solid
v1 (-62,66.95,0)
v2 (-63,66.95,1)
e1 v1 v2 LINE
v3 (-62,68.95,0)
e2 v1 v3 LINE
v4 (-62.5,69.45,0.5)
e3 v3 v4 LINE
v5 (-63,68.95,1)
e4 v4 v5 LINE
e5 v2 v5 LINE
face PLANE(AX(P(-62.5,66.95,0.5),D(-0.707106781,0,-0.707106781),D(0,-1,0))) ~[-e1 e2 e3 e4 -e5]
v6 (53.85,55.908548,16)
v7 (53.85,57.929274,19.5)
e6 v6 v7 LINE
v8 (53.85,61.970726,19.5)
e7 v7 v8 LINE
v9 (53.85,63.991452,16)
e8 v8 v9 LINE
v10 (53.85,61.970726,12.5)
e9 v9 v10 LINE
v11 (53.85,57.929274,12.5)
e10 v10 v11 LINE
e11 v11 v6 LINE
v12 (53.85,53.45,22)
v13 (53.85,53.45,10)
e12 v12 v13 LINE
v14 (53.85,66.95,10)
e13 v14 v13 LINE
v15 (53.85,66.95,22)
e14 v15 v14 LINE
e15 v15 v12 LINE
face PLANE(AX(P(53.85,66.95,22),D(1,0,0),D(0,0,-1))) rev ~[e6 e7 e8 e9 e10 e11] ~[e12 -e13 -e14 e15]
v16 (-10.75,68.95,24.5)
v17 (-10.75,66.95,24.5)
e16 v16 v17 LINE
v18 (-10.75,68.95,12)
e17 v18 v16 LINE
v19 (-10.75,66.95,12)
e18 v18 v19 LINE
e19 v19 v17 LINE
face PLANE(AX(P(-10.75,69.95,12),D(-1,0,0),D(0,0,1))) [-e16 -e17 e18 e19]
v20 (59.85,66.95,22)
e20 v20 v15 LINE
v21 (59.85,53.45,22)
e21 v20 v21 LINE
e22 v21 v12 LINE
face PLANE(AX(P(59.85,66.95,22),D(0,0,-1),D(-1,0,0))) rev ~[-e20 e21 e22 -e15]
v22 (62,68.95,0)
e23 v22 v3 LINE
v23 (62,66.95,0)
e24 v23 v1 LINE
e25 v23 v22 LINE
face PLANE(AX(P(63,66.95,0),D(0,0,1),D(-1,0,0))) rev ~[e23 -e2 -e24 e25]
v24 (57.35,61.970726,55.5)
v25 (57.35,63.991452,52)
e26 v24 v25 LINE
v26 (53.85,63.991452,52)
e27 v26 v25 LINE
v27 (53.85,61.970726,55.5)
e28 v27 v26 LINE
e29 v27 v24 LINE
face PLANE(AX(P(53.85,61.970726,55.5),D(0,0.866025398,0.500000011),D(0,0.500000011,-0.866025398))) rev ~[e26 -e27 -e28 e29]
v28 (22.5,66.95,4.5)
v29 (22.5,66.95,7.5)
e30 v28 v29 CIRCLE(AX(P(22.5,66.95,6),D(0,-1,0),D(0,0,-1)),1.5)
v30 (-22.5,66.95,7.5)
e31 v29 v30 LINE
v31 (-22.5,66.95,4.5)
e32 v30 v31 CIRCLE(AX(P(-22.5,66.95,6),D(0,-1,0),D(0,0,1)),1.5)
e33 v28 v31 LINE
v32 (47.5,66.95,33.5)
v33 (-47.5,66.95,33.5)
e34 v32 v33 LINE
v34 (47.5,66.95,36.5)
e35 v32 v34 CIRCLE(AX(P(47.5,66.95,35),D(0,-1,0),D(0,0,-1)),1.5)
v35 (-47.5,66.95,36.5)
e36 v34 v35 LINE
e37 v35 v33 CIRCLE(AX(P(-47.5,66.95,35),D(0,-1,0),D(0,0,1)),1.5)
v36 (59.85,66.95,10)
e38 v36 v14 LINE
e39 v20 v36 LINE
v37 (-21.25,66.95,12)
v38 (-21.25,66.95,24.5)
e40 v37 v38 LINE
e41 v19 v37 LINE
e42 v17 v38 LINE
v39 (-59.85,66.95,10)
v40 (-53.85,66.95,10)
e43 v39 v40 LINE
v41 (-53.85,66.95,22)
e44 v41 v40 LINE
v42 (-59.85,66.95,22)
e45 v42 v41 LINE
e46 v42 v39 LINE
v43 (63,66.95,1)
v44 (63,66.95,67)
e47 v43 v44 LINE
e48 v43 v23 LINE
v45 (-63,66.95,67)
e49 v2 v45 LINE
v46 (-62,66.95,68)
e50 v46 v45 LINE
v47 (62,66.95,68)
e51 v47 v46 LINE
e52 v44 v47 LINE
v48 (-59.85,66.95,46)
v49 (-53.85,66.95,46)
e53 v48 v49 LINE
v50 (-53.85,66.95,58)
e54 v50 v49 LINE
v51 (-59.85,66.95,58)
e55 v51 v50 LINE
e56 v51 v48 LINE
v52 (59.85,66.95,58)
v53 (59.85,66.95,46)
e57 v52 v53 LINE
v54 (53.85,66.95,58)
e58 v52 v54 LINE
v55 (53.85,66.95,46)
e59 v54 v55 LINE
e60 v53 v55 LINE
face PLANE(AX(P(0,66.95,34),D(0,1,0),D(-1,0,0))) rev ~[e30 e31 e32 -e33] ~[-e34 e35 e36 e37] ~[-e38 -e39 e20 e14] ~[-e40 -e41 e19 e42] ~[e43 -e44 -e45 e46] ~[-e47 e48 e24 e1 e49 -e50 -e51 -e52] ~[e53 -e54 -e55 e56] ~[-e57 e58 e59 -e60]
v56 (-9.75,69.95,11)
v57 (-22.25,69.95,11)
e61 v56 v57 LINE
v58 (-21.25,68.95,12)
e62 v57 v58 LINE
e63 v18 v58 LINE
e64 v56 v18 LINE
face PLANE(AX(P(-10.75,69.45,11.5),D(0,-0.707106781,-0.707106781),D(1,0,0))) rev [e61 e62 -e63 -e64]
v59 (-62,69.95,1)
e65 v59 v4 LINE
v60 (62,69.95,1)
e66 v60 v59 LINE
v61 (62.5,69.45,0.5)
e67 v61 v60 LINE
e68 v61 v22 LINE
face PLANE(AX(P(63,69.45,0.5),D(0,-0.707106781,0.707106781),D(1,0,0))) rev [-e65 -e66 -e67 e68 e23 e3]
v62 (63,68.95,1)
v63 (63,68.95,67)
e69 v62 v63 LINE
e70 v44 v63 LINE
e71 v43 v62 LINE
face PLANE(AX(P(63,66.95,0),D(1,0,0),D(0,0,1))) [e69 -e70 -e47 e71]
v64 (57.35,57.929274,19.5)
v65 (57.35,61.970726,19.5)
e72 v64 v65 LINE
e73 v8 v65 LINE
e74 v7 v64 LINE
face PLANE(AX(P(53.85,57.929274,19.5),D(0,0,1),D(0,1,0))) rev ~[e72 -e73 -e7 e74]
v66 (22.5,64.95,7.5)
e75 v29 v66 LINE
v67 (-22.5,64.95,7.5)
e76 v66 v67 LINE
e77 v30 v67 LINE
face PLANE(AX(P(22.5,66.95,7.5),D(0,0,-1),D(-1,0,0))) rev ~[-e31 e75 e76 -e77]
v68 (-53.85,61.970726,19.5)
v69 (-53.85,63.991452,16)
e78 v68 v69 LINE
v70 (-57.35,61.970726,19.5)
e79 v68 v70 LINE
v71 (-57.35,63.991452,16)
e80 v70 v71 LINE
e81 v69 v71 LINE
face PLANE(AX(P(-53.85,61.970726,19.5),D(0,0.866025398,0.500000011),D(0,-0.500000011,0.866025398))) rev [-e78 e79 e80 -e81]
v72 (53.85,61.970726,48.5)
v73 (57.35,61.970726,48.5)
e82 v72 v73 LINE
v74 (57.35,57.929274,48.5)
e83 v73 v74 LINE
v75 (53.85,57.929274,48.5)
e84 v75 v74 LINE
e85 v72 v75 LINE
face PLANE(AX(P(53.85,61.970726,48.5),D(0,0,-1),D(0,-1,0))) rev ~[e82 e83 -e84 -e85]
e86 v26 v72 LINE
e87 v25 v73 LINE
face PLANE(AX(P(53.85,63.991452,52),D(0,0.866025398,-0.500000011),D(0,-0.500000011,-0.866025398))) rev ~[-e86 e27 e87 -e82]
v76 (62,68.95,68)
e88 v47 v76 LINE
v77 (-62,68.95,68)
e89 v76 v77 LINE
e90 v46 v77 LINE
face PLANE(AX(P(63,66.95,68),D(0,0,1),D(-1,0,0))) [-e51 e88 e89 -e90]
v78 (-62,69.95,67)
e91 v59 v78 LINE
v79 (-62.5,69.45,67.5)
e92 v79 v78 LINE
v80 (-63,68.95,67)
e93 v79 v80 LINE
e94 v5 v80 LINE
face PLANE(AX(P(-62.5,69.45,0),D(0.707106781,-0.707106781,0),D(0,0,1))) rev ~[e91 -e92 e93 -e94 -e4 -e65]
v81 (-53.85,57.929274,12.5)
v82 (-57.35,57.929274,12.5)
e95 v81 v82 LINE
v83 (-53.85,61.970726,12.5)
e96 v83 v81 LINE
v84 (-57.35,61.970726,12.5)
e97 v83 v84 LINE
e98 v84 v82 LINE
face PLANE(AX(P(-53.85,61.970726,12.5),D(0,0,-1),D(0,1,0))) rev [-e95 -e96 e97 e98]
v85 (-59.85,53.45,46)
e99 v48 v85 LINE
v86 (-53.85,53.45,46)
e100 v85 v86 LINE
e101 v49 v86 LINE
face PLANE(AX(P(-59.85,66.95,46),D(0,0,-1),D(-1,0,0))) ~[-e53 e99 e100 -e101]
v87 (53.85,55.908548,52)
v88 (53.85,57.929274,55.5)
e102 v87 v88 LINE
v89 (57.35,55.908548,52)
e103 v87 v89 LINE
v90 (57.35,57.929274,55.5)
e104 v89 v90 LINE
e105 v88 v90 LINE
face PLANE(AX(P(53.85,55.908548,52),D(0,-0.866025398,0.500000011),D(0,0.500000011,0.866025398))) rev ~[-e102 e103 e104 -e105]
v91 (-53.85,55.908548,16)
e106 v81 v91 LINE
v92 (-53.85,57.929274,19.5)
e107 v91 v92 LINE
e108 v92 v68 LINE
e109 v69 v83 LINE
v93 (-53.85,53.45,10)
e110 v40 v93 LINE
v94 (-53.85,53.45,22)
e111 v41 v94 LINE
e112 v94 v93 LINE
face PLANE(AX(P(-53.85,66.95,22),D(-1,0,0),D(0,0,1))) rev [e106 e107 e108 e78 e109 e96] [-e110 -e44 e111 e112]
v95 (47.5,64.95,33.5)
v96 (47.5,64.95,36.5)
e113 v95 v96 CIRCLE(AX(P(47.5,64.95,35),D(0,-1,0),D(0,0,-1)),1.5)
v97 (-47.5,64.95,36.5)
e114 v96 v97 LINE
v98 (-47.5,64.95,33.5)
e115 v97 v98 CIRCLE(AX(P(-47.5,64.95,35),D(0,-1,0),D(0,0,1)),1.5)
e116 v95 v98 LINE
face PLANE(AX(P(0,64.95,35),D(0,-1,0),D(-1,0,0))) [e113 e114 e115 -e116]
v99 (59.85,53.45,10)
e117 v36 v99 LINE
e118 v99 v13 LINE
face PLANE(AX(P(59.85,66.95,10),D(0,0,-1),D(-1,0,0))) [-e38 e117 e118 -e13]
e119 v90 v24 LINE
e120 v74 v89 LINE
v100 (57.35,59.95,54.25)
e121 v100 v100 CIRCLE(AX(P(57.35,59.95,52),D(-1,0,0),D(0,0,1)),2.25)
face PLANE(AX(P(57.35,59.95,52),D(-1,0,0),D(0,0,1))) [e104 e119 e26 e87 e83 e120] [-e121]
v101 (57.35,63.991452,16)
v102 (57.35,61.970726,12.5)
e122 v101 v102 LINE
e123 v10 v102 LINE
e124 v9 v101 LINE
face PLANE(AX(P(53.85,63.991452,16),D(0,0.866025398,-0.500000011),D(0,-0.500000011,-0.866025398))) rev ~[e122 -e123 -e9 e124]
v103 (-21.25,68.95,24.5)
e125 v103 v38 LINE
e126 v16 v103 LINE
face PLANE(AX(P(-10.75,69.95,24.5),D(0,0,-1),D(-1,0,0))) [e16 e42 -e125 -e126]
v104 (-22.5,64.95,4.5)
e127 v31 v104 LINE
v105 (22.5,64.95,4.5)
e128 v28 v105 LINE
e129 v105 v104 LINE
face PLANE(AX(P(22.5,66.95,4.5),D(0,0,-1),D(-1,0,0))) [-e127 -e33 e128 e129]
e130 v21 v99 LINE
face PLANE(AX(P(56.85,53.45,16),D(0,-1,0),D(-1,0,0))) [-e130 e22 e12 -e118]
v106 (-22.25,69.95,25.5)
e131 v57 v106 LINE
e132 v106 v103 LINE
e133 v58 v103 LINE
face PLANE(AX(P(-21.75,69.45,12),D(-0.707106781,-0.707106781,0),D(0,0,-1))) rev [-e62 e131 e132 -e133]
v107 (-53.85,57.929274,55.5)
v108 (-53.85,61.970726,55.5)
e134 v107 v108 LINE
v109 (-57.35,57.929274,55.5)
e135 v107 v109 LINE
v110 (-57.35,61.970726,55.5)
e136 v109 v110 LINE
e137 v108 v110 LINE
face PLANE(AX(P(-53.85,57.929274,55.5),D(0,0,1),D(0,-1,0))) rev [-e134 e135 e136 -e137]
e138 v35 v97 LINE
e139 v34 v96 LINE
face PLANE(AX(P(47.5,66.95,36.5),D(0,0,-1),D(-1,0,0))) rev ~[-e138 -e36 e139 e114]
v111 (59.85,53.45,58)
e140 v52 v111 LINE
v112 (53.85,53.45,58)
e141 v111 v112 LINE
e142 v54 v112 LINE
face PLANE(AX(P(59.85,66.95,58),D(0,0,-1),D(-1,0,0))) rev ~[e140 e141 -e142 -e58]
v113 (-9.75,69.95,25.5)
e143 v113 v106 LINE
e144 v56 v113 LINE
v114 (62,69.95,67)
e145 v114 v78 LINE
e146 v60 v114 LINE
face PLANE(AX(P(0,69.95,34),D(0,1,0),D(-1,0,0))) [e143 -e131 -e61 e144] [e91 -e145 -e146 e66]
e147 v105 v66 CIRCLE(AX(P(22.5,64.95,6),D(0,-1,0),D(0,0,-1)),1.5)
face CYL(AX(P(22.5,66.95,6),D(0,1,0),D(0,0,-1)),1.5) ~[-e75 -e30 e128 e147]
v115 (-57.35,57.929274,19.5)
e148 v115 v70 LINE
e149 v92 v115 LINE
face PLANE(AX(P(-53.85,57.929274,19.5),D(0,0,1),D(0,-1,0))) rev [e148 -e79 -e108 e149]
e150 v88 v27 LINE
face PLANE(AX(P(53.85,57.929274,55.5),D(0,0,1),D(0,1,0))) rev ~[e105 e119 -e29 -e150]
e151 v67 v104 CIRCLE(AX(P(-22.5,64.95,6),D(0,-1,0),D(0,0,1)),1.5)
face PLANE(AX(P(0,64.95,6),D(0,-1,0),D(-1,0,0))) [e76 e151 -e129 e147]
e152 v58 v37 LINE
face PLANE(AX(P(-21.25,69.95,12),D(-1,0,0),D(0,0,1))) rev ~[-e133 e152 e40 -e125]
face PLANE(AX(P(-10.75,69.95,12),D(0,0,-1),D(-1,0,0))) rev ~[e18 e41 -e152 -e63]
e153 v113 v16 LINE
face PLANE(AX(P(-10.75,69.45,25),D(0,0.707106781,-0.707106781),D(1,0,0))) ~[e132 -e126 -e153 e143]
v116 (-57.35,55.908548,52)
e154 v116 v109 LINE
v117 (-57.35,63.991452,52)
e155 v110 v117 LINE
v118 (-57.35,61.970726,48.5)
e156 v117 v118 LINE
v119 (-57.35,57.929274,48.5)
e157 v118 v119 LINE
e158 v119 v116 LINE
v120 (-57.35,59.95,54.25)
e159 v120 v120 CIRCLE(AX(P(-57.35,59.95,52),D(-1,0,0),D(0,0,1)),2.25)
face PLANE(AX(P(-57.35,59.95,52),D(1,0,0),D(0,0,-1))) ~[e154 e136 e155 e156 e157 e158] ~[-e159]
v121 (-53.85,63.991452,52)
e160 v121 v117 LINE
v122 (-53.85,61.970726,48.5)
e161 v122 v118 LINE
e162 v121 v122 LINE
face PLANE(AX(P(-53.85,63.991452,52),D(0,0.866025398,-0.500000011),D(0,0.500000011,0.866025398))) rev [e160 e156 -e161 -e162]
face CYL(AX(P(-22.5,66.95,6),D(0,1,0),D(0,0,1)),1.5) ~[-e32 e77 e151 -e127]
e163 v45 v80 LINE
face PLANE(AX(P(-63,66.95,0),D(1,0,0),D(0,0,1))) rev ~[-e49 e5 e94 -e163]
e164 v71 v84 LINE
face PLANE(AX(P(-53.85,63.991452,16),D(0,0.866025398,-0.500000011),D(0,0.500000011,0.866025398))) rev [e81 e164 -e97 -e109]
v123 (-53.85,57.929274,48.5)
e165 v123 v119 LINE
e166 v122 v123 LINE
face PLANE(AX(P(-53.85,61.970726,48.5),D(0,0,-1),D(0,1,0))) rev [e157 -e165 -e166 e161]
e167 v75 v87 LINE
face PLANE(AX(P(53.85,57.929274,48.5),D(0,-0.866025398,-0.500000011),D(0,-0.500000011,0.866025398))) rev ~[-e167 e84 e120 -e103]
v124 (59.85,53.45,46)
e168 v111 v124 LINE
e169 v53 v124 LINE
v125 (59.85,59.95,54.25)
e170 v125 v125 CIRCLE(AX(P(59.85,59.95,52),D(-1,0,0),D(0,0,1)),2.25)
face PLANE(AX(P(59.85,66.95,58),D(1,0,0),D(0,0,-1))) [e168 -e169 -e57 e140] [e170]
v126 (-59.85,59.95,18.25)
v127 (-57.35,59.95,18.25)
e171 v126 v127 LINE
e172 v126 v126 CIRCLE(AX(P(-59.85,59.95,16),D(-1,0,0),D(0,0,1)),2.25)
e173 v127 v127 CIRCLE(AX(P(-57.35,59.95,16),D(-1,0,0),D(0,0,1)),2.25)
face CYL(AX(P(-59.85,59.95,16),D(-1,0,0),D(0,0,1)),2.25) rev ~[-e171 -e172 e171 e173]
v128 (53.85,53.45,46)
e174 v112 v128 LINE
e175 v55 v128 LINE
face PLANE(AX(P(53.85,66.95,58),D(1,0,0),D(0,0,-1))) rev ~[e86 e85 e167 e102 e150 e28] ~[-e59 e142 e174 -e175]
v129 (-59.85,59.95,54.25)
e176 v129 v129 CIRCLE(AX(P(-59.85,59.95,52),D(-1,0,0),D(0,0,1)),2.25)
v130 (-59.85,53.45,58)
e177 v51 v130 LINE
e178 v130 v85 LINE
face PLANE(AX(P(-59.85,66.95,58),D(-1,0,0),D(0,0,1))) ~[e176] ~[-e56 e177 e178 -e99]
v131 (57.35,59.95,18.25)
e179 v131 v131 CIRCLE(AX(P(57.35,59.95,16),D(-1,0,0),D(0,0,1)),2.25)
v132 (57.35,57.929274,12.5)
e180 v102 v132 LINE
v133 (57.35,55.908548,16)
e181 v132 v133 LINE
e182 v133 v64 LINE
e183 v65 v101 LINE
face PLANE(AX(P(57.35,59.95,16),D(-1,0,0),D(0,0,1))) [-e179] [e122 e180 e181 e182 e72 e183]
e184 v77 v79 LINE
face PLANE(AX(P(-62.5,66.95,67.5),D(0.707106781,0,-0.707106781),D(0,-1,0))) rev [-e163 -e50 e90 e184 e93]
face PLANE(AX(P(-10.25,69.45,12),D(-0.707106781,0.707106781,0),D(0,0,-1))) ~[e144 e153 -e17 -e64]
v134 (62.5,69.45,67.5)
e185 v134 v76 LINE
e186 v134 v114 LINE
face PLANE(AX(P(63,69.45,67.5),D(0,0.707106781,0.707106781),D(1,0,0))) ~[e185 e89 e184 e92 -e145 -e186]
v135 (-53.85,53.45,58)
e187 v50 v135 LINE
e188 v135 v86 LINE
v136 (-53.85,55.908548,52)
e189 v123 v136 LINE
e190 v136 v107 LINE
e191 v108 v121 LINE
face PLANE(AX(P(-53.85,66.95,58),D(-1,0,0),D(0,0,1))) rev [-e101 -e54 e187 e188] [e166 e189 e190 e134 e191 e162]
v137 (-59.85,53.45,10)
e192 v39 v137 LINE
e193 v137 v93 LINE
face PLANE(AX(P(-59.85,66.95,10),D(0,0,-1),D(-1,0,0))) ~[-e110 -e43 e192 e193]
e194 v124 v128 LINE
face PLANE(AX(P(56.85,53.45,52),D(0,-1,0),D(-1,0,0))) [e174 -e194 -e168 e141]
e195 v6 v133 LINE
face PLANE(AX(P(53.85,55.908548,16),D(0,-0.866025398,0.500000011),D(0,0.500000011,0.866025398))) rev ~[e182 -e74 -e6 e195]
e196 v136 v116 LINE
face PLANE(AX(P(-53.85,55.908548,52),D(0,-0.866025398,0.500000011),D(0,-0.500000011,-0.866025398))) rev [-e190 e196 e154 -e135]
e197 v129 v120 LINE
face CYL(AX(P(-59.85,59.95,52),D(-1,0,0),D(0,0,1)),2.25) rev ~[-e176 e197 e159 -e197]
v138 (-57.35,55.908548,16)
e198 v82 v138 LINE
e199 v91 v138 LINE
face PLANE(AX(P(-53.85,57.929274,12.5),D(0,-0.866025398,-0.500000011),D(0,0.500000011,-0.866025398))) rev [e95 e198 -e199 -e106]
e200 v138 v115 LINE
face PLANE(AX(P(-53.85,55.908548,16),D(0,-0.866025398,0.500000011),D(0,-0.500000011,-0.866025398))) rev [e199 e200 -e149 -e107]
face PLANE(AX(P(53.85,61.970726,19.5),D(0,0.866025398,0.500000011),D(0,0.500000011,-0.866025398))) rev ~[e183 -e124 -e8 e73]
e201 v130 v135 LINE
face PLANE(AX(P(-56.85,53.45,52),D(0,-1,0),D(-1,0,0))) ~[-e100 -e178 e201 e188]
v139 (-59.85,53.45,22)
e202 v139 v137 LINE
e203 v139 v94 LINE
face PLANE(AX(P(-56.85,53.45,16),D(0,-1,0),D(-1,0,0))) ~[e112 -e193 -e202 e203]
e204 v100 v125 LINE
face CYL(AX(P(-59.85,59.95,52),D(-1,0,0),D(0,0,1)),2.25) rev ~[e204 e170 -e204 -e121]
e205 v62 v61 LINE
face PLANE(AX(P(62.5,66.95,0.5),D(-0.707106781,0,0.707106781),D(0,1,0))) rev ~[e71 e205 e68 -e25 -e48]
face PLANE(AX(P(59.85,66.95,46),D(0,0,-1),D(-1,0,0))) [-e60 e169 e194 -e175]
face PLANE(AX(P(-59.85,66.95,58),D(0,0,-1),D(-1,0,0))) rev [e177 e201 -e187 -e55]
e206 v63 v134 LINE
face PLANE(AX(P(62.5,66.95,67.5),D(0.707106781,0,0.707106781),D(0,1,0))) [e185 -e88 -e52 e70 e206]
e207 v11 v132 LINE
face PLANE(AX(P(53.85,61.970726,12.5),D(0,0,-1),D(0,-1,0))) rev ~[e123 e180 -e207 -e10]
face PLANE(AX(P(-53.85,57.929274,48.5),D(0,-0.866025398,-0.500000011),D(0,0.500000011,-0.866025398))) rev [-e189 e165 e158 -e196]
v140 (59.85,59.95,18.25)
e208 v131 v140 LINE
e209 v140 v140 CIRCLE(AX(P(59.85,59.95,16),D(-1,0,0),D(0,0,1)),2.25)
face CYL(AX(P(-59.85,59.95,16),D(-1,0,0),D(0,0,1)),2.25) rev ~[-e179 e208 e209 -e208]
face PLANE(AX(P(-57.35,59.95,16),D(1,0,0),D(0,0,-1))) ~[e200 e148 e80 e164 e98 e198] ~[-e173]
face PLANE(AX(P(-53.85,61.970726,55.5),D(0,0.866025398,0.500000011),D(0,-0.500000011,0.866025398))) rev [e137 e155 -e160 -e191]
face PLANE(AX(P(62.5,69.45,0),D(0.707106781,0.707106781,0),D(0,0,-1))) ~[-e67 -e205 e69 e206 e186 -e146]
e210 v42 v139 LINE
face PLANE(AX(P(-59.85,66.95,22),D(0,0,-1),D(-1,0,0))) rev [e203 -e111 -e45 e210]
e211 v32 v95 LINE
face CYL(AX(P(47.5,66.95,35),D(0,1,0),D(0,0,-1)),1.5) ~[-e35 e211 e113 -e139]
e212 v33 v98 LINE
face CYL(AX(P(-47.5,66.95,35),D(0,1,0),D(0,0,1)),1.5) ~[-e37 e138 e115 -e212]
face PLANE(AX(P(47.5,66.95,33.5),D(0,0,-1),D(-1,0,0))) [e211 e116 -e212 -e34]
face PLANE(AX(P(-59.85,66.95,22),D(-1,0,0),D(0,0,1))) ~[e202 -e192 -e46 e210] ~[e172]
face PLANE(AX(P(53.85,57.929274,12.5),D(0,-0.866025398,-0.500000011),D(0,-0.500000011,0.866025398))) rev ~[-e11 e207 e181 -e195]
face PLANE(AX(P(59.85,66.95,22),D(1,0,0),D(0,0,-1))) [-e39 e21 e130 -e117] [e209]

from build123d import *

# Parameters (mm, degrees)
SKETCH018_W             = 126
SKETCH018_H             = 68
PAD008_DEPTH            = 3
SKETCH019_W             = 6
SKETCH019_H             = 12
PAD009_DEPTH            = 13.5
SKETCH020_R             = 2.25
POCKET009_DEPTH         = 122.851
POCKET010_DEPTH         = 3.5
SKETCH022_W             = 10.5
SKETCH022_H             = 12.5
POCKET011_DEPTH         = 16.501
CHAMFER002_SIZE         = 1
CHAMFER007_SIZE         = 1
CHAMFER009_SIZE         = 1
PAD015_DEPTH            = 2
BODY005_PLACEMENT_ANGLE = 180


with BuildPart() as part:
    # Sketch018 → Pad008 (new body)
    with BuildSketch(Plane.XZ):
        with Locations((0, 34)):
            Rectangle(SKETCH018_W, SKETCH018_H)
    extrude(amount=PAD008_DEPTH)

    # Sketch019 (on Face5 of Pad008) → Pad009 (join)
    with BuildSketch(Plane(origin=(0, 0, 0), x_dir=(1, 0, 0), z_dir=(0, 1, 0))):
        with Locations((-56.85, -16)):
            Rectangle(SKETCH019_W, SKETCH019_H)
        with Locations((-56.85, -52)):
            Rectangle(SKETCH019_W, SKETCH019_H)
    pad009 = extrude(amount=PAD009_DEPTH)

    # Mirrored004: Pad009 across YZ
    add(pad009.mirror(Plane.YZ))

    # Sketch020 (on Face22 of Mirrored004) → Pocket009 (cut, through all)
    with BuildSketch(Plane(origin=(59.85, 0, 0), x_dir=(0, 0, 1), z_dir=(1, 0, 0))):
        with Locations((16, -7)):
            Circle(SKETCH020_R)
        with Locations((52, -7)):
            Circle(SKETCH020_R)
    extrude(amount=-POCKET009_DEPTH, mode=Mode.SUBTRACT)

    # Sketch021 (on Face10 of Pocket009) → Pocket010 (cut)
    with BuildSketch(Plane(origin=(-53.85, 0, 0), x_dir=(0, 0, 1), z_dir=(1, 0, 0))):
        Polygon((19.5, -9.020726), (19.5, -4.979274), (16, -2.958548), (12.5, -4.979274), (12.5, -9.020726), (16, -11.041452), align=None)
        Polygon((55.5, -9.020726), (55.5, -4.979274), (52, -2.958548), (48.5, -4.979274), (48.5, -9.020726), (52, -11.041452), align=None)
    pocket010 = extrude(amount=-POCKET010_DEPTH, mode=Mode.SUBTRACT)

    # Sketch022 (on Face5 of Pocket010) → Pocket011 (cut, through all)
    with BuildSketch(Plane.XZ.offset(3)):
        with Locations((16, 18.25)):
            Rectangle(SKETCH022_W, SKETCH022_H)
    extrude(amount=-POCKET011_DEPTH, mode=Mode.SUBTRACT)

    # Chamfer002
    chamfer002_edges = [part.edges().sort_by_distance(p)[0] for p in [
        (0, -3, 68),
        (-63, -3, 34),
        (63, -3, 34),
        (0, -3, 0),
        (16, -3, 24.5),
        (21.25, -3, 18.25),
        (16, -3, 12),
        (10.75, -3, 18.25),
    ]]
    chamfer(chamfer002_edges, length=CHAMFER002_SIZE)

    # Chamfer007
    chamfer007_edges = [part.edges().sort_by_distance(p)[0] for p in [
        (-63, -1, 68),
        (63, -1, 68),
    ]]
    chamfer(chamfer007_edges, length=CHAMFER007_SIZE)

    # Chamfer009
    chamfer009_edges = [part.edges().sort_by_distance(p)[0] for p in [
        (-63, -1, 0),
        (63, -1, 0),
    ]]
    chamfer(chamfer009_edges, length=CHAMFER009_SIZE)

    # Mirrored006: Pocket010 across YZ
    add(pocket010.mirror(Plane.YZ), mode=Mode.SUBTRACT)

    # Sketch034 (on Face1 of Mirrored006) → Pad015 (join)
    with BuildSketch(Plane(origin=(0, 0, 0), x_dir=(1, 0, 0), z_dir=(0, 1, 0))):
        with BuildLine():
            ThreePointArc((-22.5, -4.5), (-24, -6), (-22.5, -7.5))
            Line((-22.5, -7.5), (22.5, -7.5))
            ThreePointArc((22.5, -7.5), (24, -6), (22.5, -4.5))
            Line((-22.5, -4.5), (22.5, -4.5))
        make_face()
        with BuildLine():
            ThreePointArc((-47.5, -33.5), (-49, -35), (-47.5, -36.5))
            Line((-47.5, -36.5), (47.5, -36.5))
            ThreePointArc((47.5, -36.5), (49, -35), (47.5, -33.5))
            Line((-47.5, -33.5), (47.5, -33.5))
        make_face()
    extrude(amount=PAD015_DEPTH)


with BuildPart() as part_1:
    # Body005 placement: moved
    add(part.part.moved(Location((0, 66.95, 0))).rotate(Axis((0, 66.95, 0), (0, 0, 1)), BODY005_PLACEMENT_ANGLE))


solid = part_1.part
